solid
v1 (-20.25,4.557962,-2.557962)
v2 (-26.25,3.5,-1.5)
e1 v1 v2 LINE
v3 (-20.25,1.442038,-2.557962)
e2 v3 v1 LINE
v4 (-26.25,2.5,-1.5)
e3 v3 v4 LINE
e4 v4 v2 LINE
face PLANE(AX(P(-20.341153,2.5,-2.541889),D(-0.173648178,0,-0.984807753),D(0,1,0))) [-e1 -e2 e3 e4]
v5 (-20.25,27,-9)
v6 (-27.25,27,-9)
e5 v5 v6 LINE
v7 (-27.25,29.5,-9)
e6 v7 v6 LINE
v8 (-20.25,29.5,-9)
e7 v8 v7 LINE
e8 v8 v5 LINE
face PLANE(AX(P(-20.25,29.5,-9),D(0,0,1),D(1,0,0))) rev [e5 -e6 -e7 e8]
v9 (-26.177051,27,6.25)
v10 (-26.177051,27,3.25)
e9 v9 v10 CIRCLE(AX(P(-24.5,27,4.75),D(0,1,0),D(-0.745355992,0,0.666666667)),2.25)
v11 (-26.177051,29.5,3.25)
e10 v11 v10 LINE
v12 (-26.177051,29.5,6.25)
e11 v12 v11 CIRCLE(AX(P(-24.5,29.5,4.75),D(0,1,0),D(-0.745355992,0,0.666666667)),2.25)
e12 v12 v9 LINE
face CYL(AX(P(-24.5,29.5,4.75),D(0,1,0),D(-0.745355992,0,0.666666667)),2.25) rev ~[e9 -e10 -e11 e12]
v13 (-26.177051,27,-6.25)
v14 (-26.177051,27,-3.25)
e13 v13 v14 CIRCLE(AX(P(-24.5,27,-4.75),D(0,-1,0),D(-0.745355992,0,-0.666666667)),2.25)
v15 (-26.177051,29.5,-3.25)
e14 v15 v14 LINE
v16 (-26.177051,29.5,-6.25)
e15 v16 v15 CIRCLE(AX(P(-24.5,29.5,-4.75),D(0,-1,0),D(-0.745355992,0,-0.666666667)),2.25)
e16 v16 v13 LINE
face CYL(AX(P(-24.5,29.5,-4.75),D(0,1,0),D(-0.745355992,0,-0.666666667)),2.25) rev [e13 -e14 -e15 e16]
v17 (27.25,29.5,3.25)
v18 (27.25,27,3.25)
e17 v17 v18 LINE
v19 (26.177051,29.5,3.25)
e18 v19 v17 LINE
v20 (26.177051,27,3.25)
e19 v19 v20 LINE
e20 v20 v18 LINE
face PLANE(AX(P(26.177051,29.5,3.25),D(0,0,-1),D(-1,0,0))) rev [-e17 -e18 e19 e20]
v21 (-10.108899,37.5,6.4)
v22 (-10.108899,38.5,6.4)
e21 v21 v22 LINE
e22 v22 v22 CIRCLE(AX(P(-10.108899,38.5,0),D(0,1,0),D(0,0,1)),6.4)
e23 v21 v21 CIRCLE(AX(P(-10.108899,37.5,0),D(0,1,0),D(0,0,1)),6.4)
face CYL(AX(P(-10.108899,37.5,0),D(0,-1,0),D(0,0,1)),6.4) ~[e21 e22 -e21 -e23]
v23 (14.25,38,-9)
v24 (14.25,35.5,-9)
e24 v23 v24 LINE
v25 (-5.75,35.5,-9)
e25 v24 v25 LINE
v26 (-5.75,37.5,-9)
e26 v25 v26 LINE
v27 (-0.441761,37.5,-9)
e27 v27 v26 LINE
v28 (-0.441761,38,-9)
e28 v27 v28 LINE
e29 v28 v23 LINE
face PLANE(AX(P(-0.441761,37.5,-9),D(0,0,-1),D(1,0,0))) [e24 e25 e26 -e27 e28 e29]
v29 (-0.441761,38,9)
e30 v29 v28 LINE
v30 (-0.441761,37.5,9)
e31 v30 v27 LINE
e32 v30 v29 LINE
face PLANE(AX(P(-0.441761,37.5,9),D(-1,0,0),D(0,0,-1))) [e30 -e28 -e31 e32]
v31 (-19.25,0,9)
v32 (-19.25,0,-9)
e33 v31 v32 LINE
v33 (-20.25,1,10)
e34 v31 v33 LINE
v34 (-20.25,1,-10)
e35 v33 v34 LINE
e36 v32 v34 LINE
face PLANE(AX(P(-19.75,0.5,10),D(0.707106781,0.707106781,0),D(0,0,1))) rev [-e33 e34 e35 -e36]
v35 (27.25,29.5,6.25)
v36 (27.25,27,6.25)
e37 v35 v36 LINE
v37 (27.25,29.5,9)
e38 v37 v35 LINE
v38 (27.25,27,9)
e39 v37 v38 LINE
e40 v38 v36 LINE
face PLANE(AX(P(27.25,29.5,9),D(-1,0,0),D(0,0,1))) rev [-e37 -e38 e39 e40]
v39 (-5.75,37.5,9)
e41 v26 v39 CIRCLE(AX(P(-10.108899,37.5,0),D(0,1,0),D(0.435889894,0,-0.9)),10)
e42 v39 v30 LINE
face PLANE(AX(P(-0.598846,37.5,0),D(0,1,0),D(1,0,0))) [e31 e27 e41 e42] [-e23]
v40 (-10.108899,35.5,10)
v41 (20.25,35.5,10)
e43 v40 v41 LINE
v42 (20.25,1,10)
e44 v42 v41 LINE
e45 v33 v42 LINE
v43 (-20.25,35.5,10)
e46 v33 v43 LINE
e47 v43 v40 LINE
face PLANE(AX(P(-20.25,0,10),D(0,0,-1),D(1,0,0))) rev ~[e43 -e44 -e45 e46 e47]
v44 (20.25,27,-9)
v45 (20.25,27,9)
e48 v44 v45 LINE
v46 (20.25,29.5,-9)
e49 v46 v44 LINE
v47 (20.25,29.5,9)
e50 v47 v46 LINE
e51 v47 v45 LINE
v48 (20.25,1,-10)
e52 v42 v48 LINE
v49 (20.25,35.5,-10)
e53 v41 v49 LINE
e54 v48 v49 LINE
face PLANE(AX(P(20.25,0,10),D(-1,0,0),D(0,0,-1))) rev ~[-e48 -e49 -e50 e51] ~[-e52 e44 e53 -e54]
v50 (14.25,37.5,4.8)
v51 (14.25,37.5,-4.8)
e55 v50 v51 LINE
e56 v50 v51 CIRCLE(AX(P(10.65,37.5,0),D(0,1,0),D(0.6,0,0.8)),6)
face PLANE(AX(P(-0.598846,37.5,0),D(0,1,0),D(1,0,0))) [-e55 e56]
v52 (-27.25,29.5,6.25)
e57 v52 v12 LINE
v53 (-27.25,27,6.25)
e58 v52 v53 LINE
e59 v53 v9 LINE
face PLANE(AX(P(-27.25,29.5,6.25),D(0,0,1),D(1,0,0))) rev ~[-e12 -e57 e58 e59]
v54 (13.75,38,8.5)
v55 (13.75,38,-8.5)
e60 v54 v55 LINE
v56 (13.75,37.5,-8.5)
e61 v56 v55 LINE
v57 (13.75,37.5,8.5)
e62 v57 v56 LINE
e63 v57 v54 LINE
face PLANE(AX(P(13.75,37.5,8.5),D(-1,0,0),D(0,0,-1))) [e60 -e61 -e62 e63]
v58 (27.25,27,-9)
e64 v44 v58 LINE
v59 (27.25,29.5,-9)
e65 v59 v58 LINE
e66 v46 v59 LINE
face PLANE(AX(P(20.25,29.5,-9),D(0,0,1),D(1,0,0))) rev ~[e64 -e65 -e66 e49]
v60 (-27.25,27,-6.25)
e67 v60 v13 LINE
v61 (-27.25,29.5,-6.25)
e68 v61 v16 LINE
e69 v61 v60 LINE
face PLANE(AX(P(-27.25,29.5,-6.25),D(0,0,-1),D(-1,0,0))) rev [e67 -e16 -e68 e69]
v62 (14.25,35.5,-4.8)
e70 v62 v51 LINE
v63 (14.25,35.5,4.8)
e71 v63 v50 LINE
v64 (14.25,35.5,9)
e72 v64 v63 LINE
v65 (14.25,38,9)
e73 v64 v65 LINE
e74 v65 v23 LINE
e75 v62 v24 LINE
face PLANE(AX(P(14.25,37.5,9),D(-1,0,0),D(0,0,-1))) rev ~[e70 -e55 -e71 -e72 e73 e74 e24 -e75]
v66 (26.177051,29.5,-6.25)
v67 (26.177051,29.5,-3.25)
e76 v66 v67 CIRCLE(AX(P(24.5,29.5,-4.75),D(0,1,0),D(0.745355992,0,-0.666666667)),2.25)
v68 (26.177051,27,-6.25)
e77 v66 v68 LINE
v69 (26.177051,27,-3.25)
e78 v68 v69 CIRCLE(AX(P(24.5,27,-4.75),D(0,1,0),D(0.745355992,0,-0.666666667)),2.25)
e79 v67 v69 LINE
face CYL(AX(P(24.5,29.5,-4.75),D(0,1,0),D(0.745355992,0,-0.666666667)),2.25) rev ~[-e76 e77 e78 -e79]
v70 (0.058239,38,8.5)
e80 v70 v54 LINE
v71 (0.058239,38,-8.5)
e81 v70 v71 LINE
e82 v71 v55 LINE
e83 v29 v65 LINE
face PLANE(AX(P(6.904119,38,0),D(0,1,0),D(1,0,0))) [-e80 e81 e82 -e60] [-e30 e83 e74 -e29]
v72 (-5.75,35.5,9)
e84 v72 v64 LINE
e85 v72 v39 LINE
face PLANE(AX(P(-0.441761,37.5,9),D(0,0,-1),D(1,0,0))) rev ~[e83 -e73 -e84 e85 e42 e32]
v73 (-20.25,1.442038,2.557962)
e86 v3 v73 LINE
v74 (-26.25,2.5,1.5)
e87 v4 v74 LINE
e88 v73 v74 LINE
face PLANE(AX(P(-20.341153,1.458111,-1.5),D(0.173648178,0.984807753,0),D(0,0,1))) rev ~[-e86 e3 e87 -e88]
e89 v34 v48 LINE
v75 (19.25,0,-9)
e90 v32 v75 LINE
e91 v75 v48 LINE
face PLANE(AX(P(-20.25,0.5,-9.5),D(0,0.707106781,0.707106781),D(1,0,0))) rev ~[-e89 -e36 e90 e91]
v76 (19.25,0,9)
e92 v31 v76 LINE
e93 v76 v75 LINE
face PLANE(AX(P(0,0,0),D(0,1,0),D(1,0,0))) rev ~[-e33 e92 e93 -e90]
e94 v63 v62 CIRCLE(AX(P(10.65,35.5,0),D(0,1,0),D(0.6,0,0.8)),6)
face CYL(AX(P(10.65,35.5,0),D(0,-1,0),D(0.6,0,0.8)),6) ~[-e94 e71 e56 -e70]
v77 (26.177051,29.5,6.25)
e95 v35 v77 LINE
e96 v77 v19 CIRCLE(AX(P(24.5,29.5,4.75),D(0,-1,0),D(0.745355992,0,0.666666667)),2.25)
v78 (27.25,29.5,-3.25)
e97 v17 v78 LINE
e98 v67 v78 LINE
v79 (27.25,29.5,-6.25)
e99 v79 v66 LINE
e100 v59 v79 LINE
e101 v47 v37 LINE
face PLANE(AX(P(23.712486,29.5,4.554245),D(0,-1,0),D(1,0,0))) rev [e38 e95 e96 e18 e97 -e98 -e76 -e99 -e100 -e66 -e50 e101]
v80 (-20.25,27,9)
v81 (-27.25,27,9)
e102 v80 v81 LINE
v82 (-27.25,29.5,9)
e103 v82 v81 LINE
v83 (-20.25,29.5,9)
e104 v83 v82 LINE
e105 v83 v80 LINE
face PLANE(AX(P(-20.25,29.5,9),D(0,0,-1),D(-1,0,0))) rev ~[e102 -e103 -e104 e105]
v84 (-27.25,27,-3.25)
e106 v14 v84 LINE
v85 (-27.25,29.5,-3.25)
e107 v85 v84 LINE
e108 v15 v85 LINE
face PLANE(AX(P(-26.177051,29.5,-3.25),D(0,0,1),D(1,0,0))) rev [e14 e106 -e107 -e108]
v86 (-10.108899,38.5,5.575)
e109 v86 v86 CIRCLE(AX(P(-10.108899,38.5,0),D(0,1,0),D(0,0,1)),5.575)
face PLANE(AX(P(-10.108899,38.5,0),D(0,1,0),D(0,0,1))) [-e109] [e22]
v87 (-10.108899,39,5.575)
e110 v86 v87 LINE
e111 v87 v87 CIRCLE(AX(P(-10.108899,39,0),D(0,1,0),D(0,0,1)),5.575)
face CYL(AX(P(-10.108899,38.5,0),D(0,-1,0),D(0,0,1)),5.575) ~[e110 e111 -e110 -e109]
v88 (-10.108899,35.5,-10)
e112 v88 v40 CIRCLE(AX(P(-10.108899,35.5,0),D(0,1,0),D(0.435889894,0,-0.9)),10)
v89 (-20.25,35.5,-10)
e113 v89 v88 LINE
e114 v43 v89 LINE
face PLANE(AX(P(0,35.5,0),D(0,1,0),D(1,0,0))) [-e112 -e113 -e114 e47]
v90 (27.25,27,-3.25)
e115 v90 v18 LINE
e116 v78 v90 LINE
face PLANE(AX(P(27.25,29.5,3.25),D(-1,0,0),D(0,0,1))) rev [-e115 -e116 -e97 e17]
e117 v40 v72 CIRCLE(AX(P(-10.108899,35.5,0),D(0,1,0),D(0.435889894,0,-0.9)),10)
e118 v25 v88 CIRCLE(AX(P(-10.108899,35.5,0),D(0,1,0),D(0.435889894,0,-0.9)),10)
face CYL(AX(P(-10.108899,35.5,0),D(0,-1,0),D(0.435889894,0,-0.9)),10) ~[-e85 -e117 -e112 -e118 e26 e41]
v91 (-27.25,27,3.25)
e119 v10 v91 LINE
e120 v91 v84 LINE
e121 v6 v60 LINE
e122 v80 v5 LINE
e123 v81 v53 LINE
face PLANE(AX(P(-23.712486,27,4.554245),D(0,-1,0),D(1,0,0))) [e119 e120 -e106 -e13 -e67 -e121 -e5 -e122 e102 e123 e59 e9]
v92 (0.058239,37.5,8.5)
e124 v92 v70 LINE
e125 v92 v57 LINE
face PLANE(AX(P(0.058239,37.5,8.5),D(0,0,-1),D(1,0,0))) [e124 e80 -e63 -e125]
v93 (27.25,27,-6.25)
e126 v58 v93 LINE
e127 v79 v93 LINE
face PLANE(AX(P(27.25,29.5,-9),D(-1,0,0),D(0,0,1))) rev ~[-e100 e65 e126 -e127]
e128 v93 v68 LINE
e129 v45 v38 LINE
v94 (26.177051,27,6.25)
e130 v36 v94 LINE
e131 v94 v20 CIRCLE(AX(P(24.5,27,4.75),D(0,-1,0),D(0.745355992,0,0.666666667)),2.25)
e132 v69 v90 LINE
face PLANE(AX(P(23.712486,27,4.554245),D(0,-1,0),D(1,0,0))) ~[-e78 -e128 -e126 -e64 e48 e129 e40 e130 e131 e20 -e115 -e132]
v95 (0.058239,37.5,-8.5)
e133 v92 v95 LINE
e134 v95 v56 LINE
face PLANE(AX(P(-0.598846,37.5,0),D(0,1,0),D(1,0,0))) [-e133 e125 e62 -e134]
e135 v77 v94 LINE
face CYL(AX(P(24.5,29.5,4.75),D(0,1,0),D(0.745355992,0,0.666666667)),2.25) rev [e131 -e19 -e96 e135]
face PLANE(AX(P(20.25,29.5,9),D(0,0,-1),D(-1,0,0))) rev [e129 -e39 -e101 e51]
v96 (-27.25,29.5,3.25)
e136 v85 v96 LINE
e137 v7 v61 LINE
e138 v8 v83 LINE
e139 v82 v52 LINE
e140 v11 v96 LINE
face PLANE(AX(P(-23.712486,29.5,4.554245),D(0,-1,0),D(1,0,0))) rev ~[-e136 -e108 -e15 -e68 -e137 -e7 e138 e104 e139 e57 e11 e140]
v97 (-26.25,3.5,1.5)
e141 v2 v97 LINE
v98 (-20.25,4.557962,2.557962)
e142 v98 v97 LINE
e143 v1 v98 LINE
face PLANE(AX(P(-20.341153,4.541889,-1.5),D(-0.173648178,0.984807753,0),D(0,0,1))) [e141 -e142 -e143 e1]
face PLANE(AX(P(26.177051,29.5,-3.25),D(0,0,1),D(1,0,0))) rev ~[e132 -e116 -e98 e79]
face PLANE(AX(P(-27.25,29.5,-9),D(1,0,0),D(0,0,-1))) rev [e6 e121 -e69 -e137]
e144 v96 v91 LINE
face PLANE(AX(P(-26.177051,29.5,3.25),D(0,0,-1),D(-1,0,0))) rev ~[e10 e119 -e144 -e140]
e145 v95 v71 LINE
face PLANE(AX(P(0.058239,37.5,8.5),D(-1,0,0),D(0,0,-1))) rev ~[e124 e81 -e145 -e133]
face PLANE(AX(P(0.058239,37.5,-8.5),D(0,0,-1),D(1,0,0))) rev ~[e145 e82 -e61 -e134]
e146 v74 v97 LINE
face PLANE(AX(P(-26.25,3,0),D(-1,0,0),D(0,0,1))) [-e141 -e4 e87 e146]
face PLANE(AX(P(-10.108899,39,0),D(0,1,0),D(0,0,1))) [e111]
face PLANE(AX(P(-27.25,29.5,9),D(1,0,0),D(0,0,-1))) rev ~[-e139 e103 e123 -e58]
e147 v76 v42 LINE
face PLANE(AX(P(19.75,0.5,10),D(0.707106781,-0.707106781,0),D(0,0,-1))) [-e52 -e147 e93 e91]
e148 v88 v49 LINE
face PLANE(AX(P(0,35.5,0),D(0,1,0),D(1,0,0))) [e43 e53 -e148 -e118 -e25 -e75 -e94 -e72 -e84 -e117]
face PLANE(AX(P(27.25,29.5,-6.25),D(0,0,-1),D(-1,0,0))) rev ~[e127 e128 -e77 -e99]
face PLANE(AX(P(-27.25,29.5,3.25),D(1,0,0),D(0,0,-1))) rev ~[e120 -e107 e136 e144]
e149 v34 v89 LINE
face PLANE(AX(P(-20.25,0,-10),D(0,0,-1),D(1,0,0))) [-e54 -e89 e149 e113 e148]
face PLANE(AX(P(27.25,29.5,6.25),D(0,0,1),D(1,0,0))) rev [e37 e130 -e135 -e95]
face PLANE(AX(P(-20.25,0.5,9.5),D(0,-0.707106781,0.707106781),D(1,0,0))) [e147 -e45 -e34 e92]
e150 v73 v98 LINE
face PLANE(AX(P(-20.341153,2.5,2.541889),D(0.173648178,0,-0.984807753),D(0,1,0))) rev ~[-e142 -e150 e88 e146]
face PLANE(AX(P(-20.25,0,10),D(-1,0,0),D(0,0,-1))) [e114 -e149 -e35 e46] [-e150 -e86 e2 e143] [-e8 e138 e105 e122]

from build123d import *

# Parameters (mm, degrees)
SKETCH1_W            = 40.5
SKETCH1_H            = 20
BOSS_EXTRUDE1_DEPTH  = 35.5
BOSS_EXTRUDE2_DEPTH  = 2
SKETCH3_R            = 6.4
BOSS_EXTRUDE3_DEPTH  = 1
SKETCH4_R            = 5.575
BOSS_EXTRUDE4_DEPTH  = 0.5
BOSS_EXTRUDE5_DEPTH  = 2.5
MIRROR2_COPY_1_DEPTH = 2.5
CHAMFER1_SIZE        = 1
SKETCH6_W            = 3
SKETCH6_H            = 1
BOSS_EXTRUDE6_DEPTH  = 6
DRAFT1_ANGLE         = 10
SKETCH7_W            = 14.691761142
SKETCH7_H            = 18
SKETCH7_W_2          = 13.691761142
SKETCH7_H_2          = 17
BOSS_EXTRUDE7_DEPTH  = 0.5


with BuildPart() as part:
    # Sketch1 → Boss-Extrude1 (new body)
    with BuildSketch(Plane(origin=(0, 0, 0), x_dir=(1, 0, 0), z_dir=(0, 1, 0))):
        Rectangle(SKETCH1_W, SKETCH1_H)
    extrude(amount=BOSS_EXTRUDE1_DEPTH)

    # Sketch2 → Boss-Extrude2 (add)
    with BuildSketch(Plane(origin=(0, 35.5, 0), x_dir=(1, 0, 0), z_dir=(0, 1, 0))):
        with BuildLine():
            Line((-5.75, -9), (14.25, -9))
            Line((14.25, -9), (14.25, -4.8))
            ThreePointArc((14.25, -4.8), (16.65, 0), (14.25, 4.8))
            Line((14.25, 4.8), (14.25, 9))
            Line((14.25, 9), (-5.75, 9))
            ThreePointArc((-5.75, 9), (-20.108898944, 0), (-5.75, -9))
        make_face()
    extrude(amount=BOSS_EXTRUDE2_DEPTH)

    # Sketch3 → Boss-Extrude3 (add)
    with BuildSketch(Plane(origin=(0, 37.5, 0), x_dir=(1, 0, 0), z_dir=(0, 1, 0))):
        with Locations(Location((-10.108898944, 0, 0), (0, 0, 270))):
            Circle(SKETCH3_R)
    extrude(amount=BOSS_EXTRUDE3_DEPTH)

    # Sketch4 → Boss-Extrude4 (add)
    with BuildSketch(Plane(origin=(0, 38.5, 0), x_dir=(1, 0, 0), z_dir=(0, 1, 0))):
        with Locations(Location((-10.108898944, 0, 0), (0, 0, 270))):
            Circle(SKETCH4_R)
    extrude(amount=BOSS_EXTRUDE4_DEPTH)

    # Sketch5 → Boss-Extrude5 (add)
    with BuildSketch(Plane(origin=(0, 29.5, 0), x_dir=(1, 0, 0), z_dir=(0, 1, 0))):
        with BuildLine():
            Line((20.25, 9), (27.25, 9))
            Line((27.25, 9), (27.25, 6.25))
            Line((27.25, 6.25), (26.177050983, 6.25))
            ThreePointArc((26.177050983, 6.25), (22.25, 4.75), (26.177050983, 3.25))
            Line((26.177050983, 3.25), (27.25, 3.25))
            Line((27.25, 3.25), (27.25, 0))
            Line((27.25, 0), (20.25, 0))
            Line((20.25, 0), (20.25, 9))
        make_face()
    boss_extrude5 = extrude(amount=-BOSS_EXTRUDE5_DEPTH)

    # Mirror1: Boss-Extrude5 across plane
    add(boss_extrude5.mirror(Plane(origin=(0, 0, 0), x_dir=(0, 0, 1), z_dir=(1, 0, 0))))

    # Mirror2: Boss-Extrude5 across plane
    add(boss_extrude5.mirror(Plane.XY))

    # Mirror2 copy 1 sketch → Mirror2 copy 1 (add)
    with BuildSketch(Plane(origin=(0, 29.5, 0), x_dir=(-1, 0, 0), z_dir=(0, 1, 0))):
        with BuildLine():
            Line((20.25, 9), (27.25, 9))
            Line((27.25, 9), (27.25, 6.25))
            Line((27.25, 6.25), (26.177050983, 6.25))
            ThreePointArc((26.177050983, 6.25), (22.25, 4.75), (26.177050983, 3.25))
            Line((26.177050983, 3.25), (27.25, 3.25))
            Line((27.25, 3.25), (27.25, 0))
            Line((27.25, 0), (20.25, 0))
            Line((20.25, 0), (20.25, 9))
        make_face()
    extrude(amount=-MIRROR2_COPY_1_DEPTH)

    # Chamfer1
    chamfer1_edges = [part.edges().sort_by_distance(p)[0] for p in [
        (0, 0, -10),
        (20.25, 0, 0),
        (0, 0, 10),
        (-20.25, 0, 0),
    ]]
    chamfer(chamfer1_edges, length=CHAMFER1_SIZE)

    # Sketch6 → Boss-Extrude6 (add)
    with BuildSketch(Plane.ZY.offset(20.25)):
        with Locations((0, 3)):
            Rectangle(SKETCH6_W, SKETCH6_H)
    extrude(amount=BOSS_EXTRUDE6_DEPTH)

    # Draft1
    draft1_faces = [part.faces().sort_by_distance(p)[0] for p in [
        (-23.25, 3, -1.5),
        (-23.25, 3.5, 0),
        (-23.25, 3, 1.5),
        (-23.25, 2.5, 0),
    ]]
    draft(draft1_faces, Plane(origin=(-26.25, 0, 0), x_dir=(0, 0, -1), z_dir=(-1, 0, 0)), DRAFT1_ANGLE)

    # Sketch7 → Boss-Extrude7 (add)
    with BuildSketch(Plane(origin=(0, 37.5, 0), x_dir=(1, 0, 0), z_dir=(0, 1, 0))):
        with Locations((6.904119429, 0)):
            Rectangle(SKETCH7_W, SKETCH7_H)
        with Locations((6.904119429, 0)):
            Rectangle(SKETCH7_W_2, SKETCH7_H_2, mode=Mode.SUBTRACT)
    extrude(amount=BOSS_EXTRUDE7_DEPTH)


solid = part.part
